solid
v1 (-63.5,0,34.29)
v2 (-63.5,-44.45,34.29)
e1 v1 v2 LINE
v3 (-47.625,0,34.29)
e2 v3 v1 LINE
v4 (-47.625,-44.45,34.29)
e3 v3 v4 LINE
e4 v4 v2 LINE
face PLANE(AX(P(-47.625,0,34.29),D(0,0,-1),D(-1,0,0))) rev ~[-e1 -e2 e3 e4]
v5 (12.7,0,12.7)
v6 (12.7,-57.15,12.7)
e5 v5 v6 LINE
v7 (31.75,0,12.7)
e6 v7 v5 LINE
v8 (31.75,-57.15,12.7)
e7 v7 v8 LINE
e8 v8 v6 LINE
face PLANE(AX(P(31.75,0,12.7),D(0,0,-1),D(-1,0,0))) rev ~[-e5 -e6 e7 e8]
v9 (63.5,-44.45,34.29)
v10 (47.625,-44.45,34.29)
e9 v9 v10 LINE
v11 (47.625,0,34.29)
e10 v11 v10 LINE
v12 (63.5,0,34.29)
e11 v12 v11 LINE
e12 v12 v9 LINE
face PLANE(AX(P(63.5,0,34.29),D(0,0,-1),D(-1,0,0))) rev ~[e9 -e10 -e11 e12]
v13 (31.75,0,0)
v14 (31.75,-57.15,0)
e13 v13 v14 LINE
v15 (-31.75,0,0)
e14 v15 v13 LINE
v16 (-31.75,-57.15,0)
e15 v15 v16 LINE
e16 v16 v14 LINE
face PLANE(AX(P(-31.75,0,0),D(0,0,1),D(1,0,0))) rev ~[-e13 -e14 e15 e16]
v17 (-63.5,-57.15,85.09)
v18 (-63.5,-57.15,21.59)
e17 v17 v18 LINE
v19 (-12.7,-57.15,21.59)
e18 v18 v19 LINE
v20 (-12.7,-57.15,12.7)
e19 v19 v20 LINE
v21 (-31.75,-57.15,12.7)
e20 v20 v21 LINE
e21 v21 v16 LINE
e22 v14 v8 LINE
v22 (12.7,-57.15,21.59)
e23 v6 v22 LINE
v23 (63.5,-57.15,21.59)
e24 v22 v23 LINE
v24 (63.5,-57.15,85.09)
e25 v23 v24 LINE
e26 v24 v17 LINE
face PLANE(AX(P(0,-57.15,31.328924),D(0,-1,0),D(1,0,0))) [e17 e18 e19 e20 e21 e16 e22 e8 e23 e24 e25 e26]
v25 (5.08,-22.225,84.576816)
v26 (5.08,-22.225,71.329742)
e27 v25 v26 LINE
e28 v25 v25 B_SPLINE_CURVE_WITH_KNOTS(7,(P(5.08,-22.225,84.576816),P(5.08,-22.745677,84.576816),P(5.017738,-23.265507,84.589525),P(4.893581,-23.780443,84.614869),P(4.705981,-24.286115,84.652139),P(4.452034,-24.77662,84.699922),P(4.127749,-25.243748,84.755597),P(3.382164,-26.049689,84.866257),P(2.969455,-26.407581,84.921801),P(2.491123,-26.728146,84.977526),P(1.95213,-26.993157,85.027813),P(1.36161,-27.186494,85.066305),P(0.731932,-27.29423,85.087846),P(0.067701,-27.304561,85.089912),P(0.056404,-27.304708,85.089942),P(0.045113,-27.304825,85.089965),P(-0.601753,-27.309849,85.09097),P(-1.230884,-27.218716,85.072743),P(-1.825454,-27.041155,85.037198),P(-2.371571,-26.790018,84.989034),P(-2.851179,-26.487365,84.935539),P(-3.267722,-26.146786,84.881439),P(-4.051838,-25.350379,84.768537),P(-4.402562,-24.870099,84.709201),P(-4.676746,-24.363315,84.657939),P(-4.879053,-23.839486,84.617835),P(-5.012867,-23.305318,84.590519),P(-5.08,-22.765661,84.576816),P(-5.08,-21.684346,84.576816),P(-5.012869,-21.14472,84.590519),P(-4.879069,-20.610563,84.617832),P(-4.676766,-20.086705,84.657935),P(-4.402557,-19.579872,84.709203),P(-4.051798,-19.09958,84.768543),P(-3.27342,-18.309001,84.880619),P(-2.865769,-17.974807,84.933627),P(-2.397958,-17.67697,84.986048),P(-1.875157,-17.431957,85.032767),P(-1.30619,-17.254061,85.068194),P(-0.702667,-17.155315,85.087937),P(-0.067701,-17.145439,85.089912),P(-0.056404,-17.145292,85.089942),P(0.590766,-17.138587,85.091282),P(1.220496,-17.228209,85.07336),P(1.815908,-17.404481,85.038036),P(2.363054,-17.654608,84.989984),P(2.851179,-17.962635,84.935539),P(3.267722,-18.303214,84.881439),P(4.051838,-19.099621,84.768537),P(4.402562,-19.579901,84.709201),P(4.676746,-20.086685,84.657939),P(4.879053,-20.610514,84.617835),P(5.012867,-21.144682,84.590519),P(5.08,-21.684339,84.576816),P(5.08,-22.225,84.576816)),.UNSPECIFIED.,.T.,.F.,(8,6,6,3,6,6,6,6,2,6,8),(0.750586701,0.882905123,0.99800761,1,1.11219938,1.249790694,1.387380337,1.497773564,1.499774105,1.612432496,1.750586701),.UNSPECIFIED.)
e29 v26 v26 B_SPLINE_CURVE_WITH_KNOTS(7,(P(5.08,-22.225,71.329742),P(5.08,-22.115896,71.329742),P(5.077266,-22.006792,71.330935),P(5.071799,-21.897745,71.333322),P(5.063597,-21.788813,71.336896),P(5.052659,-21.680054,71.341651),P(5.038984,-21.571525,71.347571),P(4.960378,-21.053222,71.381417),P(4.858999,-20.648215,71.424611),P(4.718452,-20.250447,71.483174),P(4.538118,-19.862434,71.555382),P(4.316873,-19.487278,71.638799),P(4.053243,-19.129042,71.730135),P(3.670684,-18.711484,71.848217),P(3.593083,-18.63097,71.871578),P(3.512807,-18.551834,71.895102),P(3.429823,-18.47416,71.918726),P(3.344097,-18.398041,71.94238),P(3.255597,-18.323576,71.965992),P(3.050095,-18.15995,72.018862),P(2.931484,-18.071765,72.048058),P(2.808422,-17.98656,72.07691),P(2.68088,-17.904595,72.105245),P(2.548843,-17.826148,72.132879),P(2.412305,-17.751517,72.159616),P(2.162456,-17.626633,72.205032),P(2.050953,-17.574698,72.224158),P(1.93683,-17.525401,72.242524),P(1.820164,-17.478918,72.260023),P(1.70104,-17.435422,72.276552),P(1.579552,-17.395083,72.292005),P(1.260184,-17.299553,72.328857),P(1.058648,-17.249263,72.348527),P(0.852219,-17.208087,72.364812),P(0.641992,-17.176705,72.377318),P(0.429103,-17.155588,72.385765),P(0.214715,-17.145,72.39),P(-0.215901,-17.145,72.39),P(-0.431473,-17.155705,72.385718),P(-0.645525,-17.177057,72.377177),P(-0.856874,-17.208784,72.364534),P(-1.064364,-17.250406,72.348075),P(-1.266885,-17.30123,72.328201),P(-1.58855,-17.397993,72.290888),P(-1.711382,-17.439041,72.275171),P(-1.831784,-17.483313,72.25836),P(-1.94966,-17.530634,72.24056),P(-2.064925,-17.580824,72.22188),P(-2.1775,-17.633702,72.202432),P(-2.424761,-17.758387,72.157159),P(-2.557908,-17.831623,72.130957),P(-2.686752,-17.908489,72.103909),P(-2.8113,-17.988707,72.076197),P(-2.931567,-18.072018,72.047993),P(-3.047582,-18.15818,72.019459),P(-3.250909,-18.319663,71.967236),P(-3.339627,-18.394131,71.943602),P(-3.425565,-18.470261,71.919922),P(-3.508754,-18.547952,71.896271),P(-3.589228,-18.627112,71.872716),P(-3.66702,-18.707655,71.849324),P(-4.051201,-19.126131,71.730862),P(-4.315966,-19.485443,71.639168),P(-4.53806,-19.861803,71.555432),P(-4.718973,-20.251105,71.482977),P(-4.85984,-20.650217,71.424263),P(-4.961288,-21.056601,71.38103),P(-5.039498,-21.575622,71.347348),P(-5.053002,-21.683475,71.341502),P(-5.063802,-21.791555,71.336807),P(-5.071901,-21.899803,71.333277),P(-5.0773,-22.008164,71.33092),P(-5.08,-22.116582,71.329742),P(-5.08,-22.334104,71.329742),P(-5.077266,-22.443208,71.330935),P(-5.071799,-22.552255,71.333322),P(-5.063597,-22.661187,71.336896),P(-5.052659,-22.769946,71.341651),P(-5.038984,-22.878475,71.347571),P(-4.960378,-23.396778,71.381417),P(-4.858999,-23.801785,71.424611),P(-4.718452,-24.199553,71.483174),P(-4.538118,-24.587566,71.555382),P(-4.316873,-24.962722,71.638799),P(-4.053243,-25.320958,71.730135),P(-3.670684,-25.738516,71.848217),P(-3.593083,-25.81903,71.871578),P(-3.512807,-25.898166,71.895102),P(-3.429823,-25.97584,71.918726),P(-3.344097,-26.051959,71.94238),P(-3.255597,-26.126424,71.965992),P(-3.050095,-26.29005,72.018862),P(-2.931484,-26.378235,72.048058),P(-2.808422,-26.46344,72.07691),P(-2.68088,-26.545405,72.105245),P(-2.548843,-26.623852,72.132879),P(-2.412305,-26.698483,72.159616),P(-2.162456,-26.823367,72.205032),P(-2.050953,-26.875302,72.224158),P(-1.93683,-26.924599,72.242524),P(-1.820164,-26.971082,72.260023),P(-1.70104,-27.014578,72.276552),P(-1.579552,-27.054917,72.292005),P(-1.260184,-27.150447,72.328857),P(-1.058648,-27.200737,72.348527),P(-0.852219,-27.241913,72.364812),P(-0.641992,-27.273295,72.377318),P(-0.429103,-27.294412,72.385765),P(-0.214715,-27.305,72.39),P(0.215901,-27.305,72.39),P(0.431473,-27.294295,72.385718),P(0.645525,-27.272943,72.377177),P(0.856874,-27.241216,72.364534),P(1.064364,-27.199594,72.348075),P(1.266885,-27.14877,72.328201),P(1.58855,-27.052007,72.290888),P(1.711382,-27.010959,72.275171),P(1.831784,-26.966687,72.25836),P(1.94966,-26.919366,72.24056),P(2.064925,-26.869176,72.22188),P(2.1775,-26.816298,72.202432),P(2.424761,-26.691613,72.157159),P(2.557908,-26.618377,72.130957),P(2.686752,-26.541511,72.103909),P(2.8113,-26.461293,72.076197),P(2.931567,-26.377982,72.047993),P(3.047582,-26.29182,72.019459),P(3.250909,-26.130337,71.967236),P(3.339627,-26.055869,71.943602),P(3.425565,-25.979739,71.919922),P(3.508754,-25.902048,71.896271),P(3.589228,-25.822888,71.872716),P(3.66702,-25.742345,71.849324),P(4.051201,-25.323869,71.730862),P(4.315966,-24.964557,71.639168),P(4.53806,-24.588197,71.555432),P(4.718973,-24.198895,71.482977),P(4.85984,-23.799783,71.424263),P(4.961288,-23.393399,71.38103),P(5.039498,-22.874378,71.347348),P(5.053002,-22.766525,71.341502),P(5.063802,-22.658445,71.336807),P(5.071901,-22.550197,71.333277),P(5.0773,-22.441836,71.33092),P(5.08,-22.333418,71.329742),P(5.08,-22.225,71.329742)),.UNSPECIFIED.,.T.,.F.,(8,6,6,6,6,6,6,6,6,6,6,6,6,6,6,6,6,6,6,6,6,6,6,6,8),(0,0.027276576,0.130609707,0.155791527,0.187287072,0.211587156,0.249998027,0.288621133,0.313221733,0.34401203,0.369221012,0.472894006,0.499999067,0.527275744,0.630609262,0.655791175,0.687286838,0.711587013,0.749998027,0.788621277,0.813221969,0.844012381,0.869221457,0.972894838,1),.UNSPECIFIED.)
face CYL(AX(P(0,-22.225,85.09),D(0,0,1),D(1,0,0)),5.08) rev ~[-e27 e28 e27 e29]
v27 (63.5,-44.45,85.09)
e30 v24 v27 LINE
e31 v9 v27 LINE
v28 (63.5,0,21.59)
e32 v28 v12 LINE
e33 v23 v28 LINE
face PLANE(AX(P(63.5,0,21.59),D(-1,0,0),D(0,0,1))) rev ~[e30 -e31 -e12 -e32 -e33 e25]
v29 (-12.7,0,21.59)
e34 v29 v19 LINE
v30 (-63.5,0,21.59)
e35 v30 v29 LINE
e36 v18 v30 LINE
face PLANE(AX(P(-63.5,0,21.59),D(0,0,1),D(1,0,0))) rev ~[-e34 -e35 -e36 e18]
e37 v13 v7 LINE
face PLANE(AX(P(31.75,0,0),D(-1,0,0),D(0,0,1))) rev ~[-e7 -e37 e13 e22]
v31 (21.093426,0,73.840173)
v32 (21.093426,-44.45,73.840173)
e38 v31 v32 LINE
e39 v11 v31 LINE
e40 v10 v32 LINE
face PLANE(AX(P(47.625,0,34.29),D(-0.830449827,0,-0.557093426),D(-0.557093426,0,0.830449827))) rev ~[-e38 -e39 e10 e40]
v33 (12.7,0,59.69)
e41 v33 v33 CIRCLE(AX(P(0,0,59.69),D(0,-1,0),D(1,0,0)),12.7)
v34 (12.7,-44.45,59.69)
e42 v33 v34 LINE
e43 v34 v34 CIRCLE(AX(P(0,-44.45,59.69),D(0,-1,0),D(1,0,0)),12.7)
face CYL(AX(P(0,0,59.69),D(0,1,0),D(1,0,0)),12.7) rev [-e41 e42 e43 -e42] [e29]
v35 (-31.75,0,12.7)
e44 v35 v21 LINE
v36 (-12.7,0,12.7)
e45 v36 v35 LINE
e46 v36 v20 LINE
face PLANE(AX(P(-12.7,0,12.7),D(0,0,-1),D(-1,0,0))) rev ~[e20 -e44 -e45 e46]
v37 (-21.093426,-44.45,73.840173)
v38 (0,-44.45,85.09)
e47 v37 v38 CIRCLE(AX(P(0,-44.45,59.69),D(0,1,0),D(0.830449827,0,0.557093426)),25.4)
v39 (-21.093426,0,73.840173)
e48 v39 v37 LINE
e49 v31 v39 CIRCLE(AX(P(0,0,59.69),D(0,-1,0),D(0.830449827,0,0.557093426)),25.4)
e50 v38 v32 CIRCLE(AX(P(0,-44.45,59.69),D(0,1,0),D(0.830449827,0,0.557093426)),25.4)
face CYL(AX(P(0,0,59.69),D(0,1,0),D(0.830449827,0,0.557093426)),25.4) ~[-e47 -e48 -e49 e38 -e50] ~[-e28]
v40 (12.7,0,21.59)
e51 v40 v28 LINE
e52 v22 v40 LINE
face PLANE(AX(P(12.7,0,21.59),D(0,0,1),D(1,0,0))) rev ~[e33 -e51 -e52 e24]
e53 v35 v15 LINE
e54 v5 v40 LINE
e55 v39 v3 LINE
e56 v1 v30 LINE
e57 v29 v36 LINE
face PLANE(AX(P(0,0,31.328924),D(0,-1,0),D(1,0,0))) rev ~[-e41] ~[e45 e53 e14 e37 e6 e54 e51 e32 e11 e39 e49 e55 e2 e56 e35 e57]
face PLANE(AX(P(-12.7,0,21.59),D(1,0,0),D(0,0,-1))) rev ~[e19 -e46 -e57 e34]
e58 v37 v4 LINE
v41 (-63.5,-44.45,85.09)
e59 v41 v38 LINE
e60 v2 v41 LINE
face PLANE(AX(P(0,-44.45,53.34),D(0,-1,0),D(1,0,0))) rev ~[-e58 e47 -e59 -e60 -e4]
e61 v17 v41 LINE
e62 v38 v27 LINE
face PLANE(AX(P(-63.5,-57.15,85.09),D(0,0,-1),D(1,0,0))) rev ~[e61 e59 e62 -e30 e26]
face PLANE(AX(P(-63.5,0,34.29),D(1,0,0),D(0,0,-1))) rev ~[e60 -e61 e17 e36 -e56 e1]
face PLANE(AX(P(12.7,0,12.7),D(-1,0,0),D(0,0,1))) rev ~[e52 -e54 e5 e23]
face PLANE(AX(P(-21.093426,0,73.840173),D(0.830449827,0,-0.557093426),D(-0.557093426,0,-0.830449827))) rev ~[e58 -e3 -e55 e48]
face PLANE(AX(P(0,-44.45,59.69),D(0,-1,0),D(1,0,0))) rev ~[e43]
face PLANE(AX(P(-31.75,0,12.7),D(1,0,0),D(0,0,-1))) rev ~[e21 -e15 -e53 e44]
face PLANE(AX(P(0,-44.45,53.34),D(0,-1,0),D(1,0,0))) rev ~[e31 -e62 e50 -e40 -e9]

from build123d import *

# Parameters (mm, degrees)
F0_R     = 12.7
F1_DEPTH = 57.15
F2_W     = 127
F2_H     = 63.5
F3_DEPTH = 12.7
F4_DEPTH = 44.45
F5_R     = 5.08
F6_DEPTH = 13.7612578348


with BuildPart() as f1:
    # F0 (on Front) → F1 (new body)
    with BuildSketch(Plane.XZ):
        with BuildLine():
            Line((-31.75, 0), (0, 0))
            Line((0, 0), (31.75, 0))
            Line((31.75, 0), (31.75, 12.7))
            Line((31.75, 12.7), (12.7, 12.7))
            Line((12.7, 12.7), (12.7, 21.59))
            Line((12.7, 21.59), (63.5, 21.59))
            Line((63.5, 21.59), (63.5, 34.29))
            Line((63.5, 34.29), (47.625, 34.29))
            Line((47.625, 34.29), (21.0934256055, 73.8401730104))
            ThreePointArc((21.0934256055, 73.8401730104), (0, 85.09), (-21.0934256055, 73.8401730104))
            Line((-21.0934256055, 73.8401730104), (-47.625, 34.29))
            Line((-47.625, 34.29), (-63.5, 34.29))
            Line((-63.5, 34.29), (-63.5, 21.59))
            Line((-63.5, 21.59), (-12.7, 21.59))
            Line((-12.7, 21.59), (-12.7, 12.7))
            Line((-12.7, 12.7), (-31.75, 12.7))
            Line((-31.75, 12.7), (-31.75, 0))
        make_face()
        with Locations((0, 59.69)):
            Circle(F0_R, mode=Mode.SUBTRACT)
        with Locations((0, 59.69)):
            Circle(F0_R)
    extrude(amount=F1_DEPTH)

    # F2 (on face) → F3 (join)
    with BuildSketch(Plane.XZ.offset(57.15)):
        with Locations((0, 53.34)):
            Rectangle(F2_W, F2_H)
    extrude(amount=-F3_DEPTH)

    # F0 (on Front) → F4 (cut)
    with BuildSketch(Plane.XZ):
        with Locations((0, 59.69)):
            Circle(F0_R)
    extrude(amount=F4_DEPTH, mode=Mode.SUBTRACT)

    # F5 (on face) → F6 (cut, through all)
    with BuildSketch(Plane.XY.offset(85.09)):
        with Locations((0, -22.225)):
            Circle(F5_R)
    extrude(amount=-F6_DEPTH, mode=Mode.SUBTRACT)


solid = f1.part
